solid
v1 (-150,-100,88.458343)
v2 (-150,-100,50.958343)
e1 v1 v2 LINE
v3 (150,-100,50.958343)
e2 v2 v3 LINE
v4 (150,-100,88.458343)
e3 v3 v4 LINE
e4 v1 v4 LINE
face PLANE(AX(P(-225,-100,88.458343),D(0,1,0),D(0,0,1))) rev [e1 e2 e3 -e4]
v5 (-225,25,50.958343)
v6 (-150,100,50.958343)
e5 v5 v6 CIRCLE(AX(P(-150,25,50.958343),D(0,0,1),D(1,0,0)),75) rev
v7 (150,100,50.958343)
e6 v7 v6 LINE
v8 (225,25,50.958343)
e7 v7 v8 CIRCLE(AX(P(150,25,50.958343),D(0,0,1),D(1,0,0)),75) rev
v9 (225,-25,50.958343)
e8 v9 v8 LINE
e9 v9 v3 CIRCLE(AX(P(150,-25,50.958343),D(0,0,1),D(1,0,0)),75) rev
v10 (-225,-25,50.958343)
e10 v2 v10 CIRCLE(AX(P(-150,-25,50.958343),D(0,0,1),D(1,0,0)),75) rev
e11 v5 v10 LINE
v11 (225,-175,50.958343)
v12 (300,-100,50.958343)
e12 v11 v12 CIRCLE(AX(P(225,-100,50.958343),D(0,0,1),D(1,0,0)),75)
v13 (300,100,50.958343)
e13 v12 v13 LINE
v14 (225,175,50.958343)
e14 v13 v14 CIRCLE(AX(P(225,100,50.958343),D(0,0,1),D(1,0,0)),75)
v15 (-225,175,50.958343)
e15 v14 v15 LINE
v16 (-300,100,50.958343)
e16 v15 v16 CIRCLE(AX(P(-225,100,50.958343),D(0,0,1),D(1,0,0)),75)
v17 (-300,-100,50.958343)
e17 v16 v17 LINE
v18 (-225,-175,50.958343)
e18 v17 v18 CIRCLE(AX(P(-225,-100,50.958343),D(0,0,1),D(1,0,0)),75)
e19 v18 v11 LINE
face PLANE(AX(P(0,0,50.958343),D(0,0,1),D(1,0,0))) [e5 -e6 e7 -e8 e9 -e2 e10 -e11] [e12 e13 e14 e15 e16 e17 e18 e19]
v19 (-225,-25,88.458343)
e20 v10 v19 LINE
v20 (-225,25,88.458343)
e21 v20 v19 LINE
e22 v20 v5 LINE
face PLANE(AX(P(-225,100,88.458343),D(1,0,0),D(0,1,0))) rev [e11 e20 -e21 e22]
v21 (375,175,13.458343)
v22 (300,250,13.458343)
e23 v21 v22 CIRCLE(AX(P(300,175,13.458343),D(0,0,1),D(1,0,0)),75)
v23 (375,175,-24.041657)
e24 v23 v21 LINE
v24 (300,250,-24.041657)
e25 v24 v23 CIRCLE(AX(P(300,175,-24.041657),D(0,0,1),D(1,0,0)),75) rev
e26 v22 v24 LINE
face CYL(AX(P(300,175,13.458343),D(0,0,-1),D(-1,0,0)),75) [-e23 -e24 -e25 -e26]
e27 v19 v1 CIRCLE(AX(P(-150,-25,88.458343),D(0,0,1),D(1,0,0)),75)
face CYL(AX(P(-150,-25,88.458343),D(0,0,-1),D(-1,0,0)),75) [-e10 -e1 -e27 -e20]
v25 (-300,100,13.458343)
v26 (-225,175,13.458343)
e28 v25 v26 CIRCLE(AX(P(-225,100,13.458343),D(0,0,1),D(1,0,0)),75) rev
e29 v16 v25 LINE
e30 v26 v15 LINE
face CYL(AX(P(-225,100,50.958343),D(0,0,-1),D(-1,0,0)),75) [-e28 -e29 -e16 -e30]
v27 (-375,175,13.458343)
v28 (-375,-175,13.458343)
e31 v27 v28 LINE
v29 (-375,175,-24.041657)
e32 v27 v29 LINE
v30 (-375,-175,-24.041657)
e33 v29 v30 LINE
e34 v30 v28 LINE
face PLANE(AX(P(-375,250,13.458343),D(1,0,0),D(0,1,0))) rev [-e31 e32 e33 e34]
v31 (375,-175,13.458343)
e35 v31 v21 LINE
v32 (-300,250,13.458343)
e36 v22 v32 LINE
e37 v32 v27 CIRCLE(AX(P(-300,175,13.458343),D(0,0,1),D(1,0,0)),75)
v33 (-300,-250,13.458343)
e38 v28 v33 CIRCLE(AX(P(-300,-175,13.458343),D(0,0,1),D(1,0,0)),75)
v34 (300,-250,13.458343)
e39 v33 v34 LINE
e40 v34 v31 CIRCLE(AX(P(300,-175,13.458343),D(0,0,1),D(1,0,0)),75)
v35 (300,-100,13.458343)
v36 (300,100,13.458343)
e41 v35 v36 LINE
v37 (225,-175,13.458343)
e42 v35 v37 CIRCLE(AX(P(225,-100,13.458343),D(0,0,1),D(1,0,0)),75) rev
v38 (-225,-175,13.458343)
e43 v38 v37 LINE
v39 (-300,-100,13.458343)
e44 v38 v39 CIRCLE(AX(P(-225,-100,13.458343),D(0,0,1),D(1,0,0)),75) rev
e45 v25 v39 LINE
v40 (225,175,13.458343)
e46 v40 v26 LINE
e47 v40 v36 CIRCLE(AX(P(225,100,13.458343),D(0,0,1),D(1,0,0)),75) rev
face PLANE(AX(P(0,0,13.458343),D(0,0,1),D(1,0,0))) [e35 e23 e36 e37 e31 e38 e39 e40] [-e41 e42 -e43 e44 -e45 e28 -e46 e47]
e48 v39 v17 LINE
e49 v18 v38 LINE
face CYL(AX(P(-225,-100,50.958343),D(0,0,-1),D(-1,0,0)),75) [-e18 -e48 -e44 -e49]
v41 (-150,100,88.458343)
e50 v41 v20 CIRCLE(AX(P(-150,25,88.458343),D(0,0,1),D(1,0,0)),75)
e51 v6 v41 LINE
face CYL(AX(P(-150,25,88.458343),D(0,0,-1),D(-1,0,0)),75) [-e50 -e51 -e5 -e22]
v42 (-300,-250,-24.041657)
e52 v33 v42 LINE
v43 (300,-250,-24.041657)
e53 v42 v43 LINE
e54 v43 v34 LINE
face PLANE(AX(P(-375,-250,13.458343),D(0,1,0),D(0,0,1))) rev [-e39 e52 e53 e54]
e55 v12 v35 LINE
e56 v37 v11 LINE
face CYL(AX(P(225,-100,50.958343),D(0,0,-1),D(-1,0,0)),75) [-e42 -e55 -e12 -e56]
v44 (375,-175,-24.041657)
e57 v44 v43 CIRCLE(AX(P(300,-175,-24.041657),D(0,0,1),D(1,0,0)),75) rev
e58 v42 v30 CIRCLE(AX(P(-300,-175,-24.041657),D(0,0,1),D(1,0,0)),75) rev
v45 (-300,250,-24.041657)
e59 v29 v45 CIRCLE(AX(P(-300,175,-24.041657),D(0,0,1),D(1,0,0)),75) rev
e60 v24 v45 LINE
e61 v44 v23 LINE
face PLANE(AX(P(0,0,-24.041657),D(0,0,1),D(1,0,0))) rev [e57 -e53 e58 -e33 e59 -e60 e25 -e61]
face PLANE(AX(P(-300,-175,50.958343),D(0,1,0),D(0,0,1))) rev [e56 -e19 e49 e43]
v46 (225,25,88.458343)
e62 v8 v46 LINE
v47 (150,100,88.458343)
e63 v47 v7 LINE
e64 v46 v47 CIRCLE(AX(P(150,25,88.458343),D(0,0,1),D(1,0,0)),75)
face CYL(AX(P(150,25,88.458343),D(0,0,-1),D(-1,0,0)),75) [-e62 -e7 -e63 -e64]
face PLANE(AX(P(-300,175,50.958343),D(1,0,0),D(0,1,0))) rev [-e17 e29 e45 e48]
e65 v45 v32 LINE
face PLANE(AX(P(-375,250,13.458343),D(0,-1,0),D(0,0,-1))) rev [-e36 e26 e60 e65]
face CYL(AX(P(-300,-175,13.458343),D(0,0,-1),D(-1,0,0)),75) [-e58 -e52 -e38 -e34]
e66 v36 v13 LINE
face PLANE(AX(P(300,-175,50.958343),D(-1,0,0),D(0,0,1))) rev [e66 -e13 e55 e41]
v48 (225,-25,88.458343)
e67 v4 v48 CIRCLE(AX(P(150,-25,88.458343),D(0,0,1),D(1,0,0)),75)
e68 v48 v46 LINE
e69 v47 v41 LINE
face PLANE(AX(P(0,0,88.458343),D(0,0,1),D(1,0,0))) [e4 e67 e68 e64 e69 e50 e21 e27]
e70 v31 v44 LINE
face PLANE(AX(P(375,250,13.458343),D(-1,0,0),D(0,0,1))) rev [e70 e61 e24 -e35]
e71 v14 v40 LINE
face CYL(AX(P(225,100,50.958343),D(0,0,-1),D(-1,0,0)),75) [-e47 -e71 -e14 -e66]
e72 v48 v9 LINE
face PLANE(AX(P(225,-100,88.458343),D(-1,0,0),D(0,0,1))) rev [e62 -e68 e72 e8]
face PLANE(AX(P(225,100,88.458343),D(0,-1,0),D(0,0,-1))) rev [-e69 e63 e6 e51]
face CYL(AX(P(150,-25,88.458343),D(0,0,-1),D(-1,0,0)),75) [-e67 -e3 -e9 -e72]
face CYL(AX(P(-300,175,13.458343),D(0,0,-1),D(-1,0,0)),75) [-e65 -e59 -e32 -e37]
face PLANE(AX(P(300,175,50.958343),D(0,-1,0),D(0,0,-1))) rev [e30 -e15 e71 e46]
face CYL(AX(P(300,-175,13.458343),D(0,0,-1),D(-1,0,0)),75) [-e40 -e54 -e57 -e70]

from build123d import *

# Parameters (mm, degrees)
SKETCH2_W           = 300
SKETCH2_H           = 200
BOSS_EXTRUDE1_DEPTH = 15
SKETCH3_W           = 240
SKETCH3_H           = 140
BOSS_EXTRUDE2_DEPTH = 15
SKETCH4_W           = 180
SKETCH4_H           = 80
BOSS_EXTRUDE3_DEPTH = 15
FILLET1_R           = 30
FILLET2_R           = 30
FILLET3_R           = 30
SCALE2_SCALE        = 2.5


with BuildPart() as part:
    # Sketch2 → Boss-Extrude1 (new body)
    with BuildSketch(Plane.XY):
        Rectangle(SKETCH2_W, SKETCH2_H)
    extrude(amount=BOSS_EXTRUDE1_DEPTH)

    # Sketch3 → Boss-Extrude2 (add)
    with BuildSketch(Plane.XY.offset(15)):
        Rectangle(SKETCH3_W, SKETCH3_H)
    extrude(amount=BOSS_EXTRUDE2_DEPTH)

    # Sketch4 → Boss-Extrude3 (add)
    with BuildSketch(Plane.XY.offset(30)):
        Rectangle(SKETCH4_W, SKETCH4_H)
    extrude(amount=BOSS_EXTRUDE3_DEPTH)

    # Fillet1
    fillet1_edges = [part.edges().sort_by_distance(p)[0] for p in [
        (-90, 40, 37.5),
        (-90, -40, 37.5),
        (90, -40, 37.5),
        (90, 40, 37.5),
    ]]
    fillet(fillet1_edges, radius=FILLET1_R)

    # Fillet2
    fillet2_edges = [part.edges().sort_by_distance(p)[0] for p in [
        (-120, 70, 22.5),
        (-120, -70, 22.5),
        (120, -70, 22.5),
        (120, 70, 22.5),
    ]]
    fillet(fillet2_edges, radius=FILLET2_R)

    # Fillet3
    fillet3_edges = [part.edges().sort_by_distance(p)[0] for p in [
        (150, -100, 7.5),
        (-150, -100, 7.5),
        (-150, 100, 7.5),
        (150, 100, 7.5),
    ]]
    fillet(fillet3_edges, radius=FILLET3_R)


with BuildPart() as part_1:
    # Scale2: scaled about (0, 0, 16.027771453)
    add(part.part.scale(SCALE2_SCALE).moved(Location((0, 0, -24.041657179))))


solid = part_1.part
